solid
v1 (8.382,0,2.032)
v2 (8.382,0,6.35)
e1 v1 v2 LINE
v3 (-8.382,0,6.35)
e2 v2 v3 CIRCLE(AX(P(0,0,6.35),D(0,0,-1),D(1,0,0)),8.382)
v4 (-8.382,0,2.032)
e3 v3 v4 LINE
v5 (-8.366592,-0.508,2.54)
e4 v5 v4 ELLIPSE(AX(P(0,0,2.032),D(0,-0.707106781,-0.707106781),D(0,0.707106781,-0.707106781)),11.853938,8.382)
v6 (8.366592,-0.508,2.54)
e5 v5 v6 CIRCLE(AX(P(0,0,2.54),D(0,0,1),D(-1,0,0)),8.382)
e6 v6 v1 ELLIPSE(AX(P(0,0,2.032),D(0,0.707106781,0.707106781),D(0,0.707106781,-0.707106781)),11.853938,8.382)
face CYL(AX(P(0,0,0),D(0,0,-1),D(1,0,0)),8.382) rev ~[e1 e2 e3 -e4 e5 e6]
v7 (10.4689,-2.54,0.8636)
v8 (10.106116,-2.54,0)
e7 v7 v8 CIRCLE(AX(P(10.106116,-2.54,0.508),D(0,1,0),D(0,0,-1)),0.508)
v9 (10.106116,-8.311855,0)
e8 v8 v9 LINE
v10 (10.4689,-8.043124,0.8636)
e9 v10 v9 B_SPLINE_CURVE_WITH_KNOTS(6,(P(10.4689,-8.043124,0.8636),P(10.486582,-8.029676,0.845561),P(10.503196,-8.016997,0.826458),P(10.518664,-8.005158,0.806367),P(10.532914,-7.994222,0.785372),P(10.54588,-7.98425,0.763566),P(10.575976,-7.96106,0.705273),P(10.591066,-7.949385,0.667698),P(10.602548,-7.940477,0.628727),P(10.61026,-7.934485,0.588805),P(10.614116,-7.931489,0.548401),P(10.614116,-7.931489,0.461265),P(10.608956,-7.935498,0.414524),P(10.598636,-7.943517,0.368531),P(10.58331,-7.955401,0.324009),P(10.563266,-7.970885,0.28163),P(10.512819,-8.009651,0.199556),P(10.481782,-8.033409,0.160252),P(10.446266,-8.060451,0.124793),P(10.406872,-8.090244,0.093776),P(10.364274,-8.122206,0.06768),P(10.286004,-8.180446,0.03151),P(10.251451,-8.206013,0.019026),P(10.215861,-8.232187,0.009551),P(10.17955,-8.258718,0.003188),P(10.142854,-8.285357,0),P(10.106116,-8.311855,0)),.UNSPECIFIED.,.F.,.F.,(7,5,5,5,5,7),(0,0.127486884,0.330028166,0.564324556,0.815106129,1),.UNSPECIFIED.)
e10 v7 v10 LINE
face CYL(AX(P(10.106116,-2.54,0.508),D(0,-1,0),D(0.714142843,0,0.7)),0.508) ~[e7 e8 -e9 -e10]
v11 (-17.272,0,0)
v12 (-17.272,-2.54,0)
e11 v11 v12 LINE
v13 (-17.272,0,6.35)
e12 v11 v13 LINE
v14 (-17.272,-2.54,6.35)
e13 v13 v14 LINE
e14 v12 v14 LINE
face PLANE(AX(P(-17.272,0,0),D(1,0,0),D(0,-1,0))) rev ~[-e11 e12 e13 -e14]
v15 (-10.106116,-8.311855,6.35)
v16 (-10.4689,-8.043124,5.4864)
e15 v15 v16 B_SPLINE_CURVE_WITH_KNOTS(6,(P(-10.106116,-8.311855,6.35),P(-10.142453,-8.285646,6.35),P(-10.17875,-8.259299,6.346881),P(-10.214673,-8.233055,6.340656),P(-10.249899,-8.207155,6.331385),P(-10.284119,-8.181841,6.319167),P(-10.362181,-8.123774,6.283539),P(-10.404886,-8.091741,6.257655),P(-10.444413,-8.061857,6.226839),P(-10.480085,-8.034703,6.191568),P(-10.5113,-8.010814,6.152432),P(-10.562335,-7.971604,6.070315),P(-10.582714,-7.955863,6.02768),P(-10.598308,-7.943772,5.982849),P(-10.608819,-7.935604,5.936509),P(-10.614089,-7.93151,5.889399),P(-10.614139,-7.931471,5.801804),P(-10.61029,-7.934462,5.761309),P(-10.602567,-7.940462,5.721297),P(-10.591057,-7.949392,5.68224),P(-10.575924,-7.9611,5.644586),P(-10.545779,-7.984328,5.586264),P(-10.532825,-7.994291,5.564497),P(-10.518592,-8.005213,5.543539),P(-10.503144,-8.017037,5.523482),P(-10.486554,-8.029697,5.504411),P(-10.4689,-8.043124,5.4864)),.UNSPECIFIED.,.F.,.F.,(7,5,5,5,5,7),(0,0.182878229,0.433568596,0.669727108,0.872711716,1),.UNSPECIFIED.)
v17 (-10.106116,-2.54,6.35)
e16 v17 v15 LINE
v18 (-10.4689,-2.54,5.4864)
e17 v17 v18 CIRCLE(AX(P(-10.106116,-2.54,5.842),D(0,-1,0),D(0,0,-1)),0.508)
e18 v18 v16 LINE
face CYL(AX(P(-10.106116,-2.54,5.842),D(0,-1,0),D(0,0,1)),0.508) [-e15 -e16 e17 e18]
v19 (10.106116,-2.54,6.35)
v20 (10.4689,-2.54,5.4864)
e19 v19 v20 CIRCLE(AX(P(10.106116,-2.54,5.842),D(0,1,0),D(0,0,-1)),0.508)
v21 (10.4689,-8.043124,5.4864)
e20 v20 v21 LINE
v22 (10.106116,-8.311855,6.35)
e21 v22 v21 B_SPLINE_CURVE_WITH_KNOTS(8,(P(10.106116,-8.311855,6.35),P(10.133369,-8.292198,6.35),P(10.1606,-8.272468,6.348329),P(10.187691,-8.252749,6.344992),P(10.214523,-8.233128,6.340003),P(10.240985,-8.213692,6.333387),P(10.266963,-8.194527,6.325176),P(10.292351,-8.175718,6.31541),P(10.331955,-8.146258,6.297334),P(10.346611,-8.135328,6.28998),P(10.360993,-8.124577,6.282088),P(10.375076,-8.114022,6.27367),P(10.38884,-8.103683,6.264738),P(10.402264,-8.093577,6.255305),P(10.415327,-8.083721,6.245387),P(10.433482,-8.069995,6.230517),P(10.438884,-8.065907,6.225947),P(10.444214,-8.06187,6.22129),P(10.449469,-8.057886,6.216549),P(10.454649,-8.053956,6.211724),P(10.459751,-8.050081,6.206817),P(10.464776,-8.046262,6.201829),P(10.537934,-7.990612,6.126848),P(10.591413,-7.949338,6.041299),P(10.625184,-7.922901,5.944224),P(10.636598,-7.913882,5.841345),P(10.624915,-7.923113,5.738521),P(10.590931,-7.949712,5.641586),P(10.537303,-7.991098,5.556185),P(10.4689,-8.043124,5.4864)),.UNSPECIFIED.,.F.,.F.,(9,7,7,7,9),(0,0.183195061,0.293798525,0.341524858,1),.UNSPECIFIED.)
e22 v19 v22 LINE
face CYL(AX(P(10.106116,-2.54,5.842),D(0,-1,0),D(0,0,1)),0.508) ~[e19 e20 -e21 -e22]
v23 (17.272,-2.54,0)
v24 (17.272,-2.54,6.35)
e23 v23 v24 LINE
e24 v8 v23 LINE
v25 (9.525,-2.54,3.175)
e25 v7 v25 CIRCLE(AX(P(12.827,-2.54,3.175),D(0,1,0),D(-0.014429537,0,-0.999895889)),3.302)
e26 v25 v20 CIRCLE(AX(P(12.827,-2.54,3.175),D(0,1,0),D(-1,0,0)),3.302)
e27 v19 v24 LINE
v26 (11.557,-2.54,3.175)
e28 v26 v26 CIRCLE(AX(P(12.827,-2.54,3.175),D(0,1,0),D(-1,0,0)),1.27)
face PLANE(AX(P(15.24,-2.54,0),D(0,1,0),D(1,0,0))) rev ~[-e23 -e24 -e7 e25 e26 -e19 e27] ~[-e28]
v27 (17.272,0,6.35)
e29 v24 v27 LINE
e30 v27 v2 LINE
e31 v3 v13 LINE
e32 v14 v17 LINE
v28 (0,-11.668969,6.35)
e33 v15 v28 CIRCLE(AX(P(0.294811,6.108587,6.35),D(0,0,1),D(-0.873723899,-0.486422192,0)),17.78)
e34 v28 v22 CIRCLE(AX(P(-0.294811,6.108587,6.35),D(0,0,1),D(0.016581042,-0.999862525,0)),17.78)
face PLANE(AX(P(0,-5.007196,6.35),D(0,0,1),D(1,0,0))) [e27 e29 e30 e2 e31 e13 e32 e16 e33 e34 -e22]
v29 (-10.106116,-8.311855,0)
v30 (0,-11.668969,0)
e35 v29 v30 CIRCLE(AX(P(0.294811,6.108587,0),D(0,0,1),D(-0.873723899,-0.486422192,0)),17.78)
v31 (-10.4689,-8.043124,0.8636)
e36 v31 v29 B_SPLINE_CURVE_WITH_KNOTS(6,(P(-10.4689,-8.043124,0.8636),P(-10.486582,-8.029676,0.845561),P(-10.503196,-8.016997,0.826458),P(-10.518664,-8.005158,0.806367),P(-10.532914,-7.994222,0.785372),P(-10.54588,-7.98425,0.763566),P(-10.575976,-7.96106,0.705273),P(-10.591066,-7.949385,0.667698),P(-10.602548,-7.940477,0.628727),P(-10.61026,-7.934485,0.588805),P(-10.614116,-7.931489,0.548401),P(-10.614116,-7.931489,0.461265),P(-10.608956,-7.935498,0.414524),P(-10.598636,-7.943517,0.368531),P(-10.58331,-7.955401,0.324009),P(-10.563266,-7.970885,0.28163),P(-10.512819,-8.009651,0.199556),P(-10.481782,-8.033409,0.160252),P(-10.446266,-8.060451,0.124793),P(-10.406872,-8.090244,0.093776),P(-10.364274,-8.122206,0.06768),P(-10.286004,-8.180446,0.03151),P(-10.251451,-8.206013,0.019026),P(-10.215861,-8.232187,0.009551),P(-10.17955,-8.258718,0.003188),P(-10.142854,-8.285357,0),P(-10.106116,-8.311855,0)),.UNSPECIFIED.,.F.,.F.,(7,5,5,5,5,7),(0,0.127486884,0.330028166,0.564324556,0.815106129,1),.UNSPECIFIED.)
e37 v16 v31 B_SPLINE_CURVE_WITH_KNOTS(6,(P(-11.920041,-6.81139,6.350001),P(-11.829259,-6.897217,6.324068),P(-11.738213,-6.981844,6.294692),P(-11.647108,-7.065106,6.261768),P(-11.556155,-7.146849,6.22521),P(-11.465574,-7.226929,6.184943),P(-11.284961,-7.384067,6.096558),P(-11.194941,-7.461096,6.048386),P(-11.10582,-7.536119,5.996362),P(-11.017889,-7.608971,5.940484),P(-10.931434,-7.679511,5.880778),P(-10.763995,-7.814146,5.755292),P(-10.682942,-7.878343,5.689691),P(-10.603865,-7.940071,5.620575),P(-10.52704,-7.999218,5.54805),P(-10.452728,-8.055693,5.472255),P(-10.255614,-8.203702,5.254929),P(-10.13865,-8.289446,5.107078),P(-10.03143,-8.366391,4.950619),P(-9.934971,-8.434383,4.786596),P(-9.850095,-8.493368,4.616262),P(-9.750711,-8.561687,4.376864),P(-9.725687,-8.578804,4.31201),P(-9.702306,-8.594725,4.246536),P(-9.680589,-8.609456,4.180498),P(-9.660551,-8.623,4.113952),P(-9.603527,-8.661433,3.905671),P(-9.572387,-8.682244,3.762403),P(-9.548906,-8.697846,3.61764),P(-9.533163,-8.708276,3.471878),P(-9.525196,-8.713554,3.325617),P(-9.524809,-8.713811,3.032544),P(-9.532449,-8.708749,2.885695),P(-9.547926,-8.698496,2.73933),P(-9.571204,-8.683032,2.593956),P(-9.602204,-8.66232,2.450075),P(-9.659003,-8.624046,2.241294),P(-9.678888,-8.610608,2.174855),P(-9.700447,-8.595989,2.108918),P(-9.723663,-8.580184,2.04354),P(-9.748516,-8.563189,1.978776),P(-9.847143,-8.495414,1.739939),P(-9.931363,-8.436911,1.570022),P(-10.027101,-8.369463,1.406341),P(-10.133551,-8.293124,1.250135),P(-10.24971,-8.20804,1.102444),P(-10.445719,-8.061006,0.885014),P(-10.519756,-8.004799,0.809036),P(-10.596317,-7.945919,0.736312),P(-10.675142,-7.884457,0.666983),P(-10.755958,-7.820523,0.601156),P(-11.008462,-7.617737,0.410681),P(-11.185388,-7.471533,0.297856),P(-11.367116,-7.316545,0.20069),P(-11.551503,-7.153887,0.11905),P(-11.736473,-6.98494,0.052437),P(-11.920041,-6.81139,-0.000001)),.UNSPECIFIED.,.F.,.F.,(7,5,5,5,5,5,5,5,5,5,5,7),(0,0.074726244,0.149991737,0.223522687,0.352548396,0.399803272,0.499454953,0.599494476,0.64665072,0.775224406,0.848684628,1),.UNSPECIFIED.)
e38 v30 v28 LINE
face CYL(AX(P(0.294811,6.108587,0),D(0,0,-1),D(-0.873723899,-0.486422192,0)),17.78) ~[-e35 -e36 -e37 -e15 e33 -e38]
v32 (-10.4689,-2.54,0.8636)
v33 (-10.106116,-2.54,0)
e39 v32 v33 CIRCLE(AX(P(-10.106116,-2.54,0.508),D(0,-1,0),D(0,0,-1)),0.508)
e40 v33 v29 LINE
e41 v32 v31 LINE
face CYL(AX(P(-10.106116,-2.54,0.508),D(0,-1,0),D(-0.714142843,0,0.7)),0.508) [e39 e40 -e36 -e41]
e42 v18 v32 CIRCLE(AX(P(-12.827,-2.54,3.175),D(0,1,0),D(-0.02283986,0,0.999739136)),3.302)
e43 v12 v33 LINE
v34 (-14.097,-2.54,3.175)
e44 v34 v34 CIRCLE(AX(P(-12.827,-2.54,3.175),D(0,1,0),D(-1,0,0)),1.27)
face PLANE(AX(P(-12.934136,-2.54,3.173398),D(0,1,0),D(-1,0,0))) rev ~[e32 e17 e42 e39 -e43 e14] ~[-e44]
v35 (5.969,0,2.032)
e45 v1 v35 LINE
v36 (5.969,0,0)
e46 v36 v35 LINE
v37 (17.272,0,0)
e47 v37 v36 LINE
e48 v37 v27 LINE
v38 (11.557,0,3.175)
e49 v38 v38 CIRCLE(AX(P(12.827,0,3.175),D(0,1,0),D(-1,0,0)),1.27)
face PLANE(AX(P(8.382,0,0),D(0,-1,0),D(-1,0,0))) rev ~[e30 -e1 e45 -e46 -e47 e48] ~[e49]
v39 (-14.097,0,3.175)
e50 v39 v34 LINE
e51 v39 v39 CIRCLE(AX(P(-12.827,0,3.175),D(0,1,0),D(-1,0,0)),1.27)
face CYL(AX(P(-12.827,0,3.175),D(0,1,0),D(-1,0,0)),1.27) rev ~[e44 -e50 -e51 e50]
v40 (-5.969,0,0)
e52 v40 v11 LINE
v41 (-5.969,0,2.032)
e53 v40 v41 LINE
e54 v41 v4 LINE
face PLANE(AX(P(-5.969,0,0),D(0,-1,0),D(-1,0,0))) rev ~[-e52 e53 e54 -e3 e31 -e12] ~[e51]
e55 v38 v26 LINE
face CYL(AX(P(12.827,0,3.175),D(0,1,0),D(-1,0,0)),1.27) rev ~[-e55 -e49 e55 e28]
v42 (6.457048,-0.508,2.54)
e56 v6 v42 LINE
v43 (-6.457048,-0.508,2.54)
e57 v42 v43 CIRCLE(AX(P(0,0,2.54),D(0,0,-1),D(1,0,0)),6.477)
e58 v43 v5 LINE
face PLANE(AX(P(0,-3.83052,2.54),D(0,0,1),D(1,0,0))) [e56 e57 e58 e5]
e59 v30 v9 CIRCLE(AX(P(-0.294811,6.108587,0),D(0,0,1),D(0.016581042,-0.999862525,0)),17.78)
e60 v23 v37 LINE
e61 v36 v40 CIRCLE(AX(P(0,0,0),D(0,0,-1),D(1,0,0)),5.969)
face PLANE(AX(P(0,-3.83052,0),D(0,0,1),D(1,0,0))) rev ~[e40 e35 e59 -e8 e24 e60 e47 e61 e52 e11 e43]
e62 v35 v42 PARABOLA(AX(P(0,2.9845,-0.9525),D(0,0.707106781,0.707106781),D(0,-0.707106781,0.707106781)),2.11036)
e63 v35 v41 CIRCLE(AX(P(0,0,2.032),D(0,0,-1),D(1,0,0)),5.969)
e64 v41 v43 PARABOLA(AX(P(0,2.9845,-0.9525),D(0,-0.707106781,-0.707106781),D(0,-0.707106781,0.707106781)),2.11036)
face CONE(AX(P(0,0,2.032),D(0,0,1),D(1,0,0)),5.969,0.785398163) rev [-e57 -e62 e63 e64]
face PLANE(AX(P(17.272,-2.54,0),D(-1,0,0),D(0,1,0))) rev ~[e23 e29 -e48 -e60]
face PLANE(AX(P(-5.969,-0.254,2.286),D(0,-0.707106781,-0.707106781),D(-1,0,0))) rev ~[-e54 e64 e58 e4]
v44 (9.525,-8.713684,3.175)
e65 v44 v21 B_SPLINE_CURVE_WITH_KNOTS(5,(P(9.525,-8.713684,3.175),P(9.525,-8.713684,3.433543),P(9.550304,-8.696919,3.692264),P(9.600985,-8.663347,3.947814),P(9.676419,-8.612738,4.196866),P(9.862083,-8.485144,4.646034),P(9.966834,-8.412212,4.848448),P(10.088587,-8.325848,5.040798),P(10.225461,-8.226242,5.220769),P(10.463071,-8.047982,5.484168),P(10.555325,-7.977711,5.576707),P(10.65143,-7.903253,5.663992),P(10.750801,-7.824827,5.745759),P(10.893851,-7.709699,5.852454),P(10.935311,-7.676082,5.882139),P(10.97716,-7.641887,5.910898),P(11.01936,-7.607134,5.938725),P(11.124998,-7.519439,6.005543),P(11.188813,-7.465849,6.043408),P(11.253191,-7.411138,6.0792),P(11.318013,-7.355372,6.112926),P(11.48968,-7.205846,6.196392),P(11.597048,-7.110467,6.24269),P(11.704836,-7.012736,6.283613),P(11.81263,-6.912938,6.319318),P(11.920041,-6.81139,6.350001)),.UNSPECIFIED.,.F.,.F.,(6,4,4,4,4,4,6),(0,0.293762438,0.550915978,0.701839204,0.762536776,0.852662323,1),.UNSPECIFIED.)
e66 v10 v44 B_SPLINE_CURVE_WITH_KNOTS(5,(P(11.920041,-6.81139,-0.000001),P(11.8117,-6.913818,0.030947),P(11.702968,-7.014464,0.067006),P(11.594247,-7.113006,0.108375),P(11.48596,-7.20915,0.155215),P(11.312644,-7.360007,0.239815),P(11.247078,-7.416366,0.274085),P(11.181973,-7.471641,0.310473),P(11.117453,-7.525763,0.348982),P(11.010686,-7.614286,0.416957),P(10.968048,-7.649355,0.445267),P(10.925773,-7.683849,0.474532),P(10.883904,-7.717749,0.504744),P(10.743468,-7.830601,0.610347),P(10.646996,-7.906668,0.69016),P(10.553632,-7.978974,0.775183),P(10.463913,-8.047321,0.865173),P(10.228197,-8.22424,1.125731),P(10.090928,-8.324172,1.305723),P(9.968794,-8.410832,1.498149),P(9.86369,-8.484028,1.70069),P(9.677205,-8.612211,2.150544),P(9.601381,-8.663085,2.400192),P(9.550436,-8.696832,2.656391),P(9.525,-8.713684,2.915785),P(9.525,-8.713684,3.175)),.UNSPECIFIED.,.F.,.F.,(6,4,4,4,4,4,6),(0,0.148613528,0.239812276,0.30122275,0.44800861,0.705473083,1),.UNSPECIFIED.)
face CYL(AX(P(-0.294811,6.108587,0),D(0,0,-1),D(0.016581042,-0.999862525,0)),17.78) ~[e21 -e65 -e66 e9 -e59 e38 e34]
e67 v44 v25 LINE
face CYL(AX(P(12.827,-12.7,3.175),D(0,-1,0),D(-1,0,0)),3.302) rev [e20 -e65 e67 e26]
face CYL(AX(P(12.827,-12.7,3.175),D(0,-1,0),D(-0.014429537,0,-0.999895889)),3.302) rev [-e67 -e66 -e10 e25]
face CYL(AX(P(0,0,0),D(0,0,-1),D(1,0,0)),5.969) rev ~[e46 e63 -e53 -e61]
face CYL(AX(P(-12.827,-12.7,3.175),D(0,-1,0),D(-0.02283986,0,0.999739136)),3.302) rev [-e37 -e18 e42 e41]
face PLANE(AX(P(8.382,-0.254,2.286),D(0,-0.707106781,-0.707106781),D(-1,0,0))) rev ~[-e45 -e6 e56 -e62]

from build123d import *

# Parameters (mm, degrees)
F1_DEPTH = 6.35
F2_DEPTH = 2.54
F3_R     = 1.27
F4_DEPTH = 25.4
F7_DEPTH = 10.16
F8_R     = 0.508
F9_SIZE  = 0.508


with BuildPart() as f1:
    # F0 (on Top) → F1 (new body)
    with BuildSketch(Plane.XY):
        with BuildLine():
            ThreePointArc((8.382, 0), (0, -8.382), (-8.382, 0))
            Line((-8.382, 0), (-17.272, 0))
            Line((-17.272, 0), (-17.272, -2.54))
            Line((-17.272, -2.54), (-15.24, -2.54))
            ThreePointArc((-15.24, -2.54), (-8.8418597658, -9.1442704985), (0, -11.6689691252))
            ThreePointArc((0, -11.6689691252), (8.8418597658, -9.1442704985), (15.24, -2.54))
            Line((15.24, -2.54), (17.272, -2.54))
            Line((17.272, -2.54), (17.272, 0))
            Line((17.272, 0), (8.382, 0))
        make_face()
    extrude(amount=F1_DEPTH)

    # F0 (on Top) → F2 (join)
    with BuildSketch(Plane.XY):
        with BuildLine():
            ThreePointArc((5.969, 0), (0, -5.969), (-5.969, 0))
            Line((-5.969, 0), (-8.382, 0))
            ThreePointArc((-8.382, 0), (0, -8.382), (8.382, 0))
            Line((8.382, 0), (5.969, 0))
        make_face()
    extrude(amount=F2_DEPTH)

    # F3 (on face) → F4 (cut)
    with BuildSketch(Plane(origin=(0, 0, 0), x_dir=(-1, 0, 0), z_dir=(0, 1, 0))):
        with Locations((-12.827, 3.175)):
            Circle(F3_R)
        with Locations((12.827, 3.175)):
            Circle(F3_R)
    extrude(amount=-F4_DEPTH, mode=Mode.SUBTRACT)

    # F6 (on offset) → F7 (cut)
    with BuildSketch(Plane(origin=(0, -12.7, 0), x_dir=(-1, 0, 0), z_dir=(0, 1, 0))):
        with BuildLine():
            ThreePointArc((12.7267177602, -0.1254768553), (15.1261381042, 0.8049434652), (16.129, 3.175))
            ThreePointArc((16.129, 3.175), (15.1883800681, 5.483048564), (12.9024172176, 6.4761386283))
            ThreePointArc((12.9024172176, 6.4761386283), (9.5261688447, 3.2628503518), (12.7267177602, -0.1254768553))
        make_face()
        with BuildLine():
            ThreePointArc((-12.7793536698, -0.1266562249), (-10.4753482207, 0.8570401408), (-9.525, 3.175))
            ThreePointArc((-9.525, 3.175), (-10.4531379965, 5.4702087461), (-12.7157832758, 6.4751264885))
            ThreePointArc((-12.7157832758, 6.4751264885), (-16.128846925, 3.2067943984), (-12.7793536698, -0.1266562249))
        make_face()
        with BuildLine():
            ThreePointArc((-12.7793536698, -0.1266562249), (-16.128846925, 3.2067943984), (-12.7157832758, 6.4751264885))
            Line((-12.7157832758, 6.4751264885), (-20.0003515929, 7.2803031653))
            Line((-20.0003515929, 7.2803031653), (-20.0003515929, -2.0043456461))
            Line((-20.0003515929, -2.0043456461), (-12.7793536698, -0.1266562249))
        make_face()
        with BuildLine():
            ThreePointArc((12.9024172176, 6.4761386283), (15.1883800681, 5.483048564), (16.129, 3.175))
            ThreePointArc((16.129, 3.175), (15.1261381042, 0.8049434652), (12.7267177602, -0.1254768553))
            Line((12.7267177602, -0.1254768553), (20.6403024495, -1.1550099589))
            Line((20.6403024495, -1.1550099589), (20.6403024495, 7.2800177149))
            Line((20.6403024495, 7.2800177149), (12.9024172176, 6.4761386283))
        make_face()
    extrude(amount=F7_DEPTH, mode=Mode.SUBTRACT)

    # F8
    f8_edges = [f1.edges().sort_by_distance(p)[0] for p in [
        (-11.920039, -4.675696, 6.35),
        (-11.920039, -4.675696, 0),
        (11.920039, -4.675696, 6.35),
        (11.920039, -4.675696, 0),
    ]]
    fillet(f8_edges, radius=F8_R)

    # F9
    f9_edges = [f1.edges().sort_by_distance(p)[0] for p in [
        (0, -5.969, 2.54),
        (7.1755, 0, 2.54),
        (-7.1755, 0, 2.54),
    ]]
    chamfer(f9_edges, length=F9_SIZE)


solid = f1.part
